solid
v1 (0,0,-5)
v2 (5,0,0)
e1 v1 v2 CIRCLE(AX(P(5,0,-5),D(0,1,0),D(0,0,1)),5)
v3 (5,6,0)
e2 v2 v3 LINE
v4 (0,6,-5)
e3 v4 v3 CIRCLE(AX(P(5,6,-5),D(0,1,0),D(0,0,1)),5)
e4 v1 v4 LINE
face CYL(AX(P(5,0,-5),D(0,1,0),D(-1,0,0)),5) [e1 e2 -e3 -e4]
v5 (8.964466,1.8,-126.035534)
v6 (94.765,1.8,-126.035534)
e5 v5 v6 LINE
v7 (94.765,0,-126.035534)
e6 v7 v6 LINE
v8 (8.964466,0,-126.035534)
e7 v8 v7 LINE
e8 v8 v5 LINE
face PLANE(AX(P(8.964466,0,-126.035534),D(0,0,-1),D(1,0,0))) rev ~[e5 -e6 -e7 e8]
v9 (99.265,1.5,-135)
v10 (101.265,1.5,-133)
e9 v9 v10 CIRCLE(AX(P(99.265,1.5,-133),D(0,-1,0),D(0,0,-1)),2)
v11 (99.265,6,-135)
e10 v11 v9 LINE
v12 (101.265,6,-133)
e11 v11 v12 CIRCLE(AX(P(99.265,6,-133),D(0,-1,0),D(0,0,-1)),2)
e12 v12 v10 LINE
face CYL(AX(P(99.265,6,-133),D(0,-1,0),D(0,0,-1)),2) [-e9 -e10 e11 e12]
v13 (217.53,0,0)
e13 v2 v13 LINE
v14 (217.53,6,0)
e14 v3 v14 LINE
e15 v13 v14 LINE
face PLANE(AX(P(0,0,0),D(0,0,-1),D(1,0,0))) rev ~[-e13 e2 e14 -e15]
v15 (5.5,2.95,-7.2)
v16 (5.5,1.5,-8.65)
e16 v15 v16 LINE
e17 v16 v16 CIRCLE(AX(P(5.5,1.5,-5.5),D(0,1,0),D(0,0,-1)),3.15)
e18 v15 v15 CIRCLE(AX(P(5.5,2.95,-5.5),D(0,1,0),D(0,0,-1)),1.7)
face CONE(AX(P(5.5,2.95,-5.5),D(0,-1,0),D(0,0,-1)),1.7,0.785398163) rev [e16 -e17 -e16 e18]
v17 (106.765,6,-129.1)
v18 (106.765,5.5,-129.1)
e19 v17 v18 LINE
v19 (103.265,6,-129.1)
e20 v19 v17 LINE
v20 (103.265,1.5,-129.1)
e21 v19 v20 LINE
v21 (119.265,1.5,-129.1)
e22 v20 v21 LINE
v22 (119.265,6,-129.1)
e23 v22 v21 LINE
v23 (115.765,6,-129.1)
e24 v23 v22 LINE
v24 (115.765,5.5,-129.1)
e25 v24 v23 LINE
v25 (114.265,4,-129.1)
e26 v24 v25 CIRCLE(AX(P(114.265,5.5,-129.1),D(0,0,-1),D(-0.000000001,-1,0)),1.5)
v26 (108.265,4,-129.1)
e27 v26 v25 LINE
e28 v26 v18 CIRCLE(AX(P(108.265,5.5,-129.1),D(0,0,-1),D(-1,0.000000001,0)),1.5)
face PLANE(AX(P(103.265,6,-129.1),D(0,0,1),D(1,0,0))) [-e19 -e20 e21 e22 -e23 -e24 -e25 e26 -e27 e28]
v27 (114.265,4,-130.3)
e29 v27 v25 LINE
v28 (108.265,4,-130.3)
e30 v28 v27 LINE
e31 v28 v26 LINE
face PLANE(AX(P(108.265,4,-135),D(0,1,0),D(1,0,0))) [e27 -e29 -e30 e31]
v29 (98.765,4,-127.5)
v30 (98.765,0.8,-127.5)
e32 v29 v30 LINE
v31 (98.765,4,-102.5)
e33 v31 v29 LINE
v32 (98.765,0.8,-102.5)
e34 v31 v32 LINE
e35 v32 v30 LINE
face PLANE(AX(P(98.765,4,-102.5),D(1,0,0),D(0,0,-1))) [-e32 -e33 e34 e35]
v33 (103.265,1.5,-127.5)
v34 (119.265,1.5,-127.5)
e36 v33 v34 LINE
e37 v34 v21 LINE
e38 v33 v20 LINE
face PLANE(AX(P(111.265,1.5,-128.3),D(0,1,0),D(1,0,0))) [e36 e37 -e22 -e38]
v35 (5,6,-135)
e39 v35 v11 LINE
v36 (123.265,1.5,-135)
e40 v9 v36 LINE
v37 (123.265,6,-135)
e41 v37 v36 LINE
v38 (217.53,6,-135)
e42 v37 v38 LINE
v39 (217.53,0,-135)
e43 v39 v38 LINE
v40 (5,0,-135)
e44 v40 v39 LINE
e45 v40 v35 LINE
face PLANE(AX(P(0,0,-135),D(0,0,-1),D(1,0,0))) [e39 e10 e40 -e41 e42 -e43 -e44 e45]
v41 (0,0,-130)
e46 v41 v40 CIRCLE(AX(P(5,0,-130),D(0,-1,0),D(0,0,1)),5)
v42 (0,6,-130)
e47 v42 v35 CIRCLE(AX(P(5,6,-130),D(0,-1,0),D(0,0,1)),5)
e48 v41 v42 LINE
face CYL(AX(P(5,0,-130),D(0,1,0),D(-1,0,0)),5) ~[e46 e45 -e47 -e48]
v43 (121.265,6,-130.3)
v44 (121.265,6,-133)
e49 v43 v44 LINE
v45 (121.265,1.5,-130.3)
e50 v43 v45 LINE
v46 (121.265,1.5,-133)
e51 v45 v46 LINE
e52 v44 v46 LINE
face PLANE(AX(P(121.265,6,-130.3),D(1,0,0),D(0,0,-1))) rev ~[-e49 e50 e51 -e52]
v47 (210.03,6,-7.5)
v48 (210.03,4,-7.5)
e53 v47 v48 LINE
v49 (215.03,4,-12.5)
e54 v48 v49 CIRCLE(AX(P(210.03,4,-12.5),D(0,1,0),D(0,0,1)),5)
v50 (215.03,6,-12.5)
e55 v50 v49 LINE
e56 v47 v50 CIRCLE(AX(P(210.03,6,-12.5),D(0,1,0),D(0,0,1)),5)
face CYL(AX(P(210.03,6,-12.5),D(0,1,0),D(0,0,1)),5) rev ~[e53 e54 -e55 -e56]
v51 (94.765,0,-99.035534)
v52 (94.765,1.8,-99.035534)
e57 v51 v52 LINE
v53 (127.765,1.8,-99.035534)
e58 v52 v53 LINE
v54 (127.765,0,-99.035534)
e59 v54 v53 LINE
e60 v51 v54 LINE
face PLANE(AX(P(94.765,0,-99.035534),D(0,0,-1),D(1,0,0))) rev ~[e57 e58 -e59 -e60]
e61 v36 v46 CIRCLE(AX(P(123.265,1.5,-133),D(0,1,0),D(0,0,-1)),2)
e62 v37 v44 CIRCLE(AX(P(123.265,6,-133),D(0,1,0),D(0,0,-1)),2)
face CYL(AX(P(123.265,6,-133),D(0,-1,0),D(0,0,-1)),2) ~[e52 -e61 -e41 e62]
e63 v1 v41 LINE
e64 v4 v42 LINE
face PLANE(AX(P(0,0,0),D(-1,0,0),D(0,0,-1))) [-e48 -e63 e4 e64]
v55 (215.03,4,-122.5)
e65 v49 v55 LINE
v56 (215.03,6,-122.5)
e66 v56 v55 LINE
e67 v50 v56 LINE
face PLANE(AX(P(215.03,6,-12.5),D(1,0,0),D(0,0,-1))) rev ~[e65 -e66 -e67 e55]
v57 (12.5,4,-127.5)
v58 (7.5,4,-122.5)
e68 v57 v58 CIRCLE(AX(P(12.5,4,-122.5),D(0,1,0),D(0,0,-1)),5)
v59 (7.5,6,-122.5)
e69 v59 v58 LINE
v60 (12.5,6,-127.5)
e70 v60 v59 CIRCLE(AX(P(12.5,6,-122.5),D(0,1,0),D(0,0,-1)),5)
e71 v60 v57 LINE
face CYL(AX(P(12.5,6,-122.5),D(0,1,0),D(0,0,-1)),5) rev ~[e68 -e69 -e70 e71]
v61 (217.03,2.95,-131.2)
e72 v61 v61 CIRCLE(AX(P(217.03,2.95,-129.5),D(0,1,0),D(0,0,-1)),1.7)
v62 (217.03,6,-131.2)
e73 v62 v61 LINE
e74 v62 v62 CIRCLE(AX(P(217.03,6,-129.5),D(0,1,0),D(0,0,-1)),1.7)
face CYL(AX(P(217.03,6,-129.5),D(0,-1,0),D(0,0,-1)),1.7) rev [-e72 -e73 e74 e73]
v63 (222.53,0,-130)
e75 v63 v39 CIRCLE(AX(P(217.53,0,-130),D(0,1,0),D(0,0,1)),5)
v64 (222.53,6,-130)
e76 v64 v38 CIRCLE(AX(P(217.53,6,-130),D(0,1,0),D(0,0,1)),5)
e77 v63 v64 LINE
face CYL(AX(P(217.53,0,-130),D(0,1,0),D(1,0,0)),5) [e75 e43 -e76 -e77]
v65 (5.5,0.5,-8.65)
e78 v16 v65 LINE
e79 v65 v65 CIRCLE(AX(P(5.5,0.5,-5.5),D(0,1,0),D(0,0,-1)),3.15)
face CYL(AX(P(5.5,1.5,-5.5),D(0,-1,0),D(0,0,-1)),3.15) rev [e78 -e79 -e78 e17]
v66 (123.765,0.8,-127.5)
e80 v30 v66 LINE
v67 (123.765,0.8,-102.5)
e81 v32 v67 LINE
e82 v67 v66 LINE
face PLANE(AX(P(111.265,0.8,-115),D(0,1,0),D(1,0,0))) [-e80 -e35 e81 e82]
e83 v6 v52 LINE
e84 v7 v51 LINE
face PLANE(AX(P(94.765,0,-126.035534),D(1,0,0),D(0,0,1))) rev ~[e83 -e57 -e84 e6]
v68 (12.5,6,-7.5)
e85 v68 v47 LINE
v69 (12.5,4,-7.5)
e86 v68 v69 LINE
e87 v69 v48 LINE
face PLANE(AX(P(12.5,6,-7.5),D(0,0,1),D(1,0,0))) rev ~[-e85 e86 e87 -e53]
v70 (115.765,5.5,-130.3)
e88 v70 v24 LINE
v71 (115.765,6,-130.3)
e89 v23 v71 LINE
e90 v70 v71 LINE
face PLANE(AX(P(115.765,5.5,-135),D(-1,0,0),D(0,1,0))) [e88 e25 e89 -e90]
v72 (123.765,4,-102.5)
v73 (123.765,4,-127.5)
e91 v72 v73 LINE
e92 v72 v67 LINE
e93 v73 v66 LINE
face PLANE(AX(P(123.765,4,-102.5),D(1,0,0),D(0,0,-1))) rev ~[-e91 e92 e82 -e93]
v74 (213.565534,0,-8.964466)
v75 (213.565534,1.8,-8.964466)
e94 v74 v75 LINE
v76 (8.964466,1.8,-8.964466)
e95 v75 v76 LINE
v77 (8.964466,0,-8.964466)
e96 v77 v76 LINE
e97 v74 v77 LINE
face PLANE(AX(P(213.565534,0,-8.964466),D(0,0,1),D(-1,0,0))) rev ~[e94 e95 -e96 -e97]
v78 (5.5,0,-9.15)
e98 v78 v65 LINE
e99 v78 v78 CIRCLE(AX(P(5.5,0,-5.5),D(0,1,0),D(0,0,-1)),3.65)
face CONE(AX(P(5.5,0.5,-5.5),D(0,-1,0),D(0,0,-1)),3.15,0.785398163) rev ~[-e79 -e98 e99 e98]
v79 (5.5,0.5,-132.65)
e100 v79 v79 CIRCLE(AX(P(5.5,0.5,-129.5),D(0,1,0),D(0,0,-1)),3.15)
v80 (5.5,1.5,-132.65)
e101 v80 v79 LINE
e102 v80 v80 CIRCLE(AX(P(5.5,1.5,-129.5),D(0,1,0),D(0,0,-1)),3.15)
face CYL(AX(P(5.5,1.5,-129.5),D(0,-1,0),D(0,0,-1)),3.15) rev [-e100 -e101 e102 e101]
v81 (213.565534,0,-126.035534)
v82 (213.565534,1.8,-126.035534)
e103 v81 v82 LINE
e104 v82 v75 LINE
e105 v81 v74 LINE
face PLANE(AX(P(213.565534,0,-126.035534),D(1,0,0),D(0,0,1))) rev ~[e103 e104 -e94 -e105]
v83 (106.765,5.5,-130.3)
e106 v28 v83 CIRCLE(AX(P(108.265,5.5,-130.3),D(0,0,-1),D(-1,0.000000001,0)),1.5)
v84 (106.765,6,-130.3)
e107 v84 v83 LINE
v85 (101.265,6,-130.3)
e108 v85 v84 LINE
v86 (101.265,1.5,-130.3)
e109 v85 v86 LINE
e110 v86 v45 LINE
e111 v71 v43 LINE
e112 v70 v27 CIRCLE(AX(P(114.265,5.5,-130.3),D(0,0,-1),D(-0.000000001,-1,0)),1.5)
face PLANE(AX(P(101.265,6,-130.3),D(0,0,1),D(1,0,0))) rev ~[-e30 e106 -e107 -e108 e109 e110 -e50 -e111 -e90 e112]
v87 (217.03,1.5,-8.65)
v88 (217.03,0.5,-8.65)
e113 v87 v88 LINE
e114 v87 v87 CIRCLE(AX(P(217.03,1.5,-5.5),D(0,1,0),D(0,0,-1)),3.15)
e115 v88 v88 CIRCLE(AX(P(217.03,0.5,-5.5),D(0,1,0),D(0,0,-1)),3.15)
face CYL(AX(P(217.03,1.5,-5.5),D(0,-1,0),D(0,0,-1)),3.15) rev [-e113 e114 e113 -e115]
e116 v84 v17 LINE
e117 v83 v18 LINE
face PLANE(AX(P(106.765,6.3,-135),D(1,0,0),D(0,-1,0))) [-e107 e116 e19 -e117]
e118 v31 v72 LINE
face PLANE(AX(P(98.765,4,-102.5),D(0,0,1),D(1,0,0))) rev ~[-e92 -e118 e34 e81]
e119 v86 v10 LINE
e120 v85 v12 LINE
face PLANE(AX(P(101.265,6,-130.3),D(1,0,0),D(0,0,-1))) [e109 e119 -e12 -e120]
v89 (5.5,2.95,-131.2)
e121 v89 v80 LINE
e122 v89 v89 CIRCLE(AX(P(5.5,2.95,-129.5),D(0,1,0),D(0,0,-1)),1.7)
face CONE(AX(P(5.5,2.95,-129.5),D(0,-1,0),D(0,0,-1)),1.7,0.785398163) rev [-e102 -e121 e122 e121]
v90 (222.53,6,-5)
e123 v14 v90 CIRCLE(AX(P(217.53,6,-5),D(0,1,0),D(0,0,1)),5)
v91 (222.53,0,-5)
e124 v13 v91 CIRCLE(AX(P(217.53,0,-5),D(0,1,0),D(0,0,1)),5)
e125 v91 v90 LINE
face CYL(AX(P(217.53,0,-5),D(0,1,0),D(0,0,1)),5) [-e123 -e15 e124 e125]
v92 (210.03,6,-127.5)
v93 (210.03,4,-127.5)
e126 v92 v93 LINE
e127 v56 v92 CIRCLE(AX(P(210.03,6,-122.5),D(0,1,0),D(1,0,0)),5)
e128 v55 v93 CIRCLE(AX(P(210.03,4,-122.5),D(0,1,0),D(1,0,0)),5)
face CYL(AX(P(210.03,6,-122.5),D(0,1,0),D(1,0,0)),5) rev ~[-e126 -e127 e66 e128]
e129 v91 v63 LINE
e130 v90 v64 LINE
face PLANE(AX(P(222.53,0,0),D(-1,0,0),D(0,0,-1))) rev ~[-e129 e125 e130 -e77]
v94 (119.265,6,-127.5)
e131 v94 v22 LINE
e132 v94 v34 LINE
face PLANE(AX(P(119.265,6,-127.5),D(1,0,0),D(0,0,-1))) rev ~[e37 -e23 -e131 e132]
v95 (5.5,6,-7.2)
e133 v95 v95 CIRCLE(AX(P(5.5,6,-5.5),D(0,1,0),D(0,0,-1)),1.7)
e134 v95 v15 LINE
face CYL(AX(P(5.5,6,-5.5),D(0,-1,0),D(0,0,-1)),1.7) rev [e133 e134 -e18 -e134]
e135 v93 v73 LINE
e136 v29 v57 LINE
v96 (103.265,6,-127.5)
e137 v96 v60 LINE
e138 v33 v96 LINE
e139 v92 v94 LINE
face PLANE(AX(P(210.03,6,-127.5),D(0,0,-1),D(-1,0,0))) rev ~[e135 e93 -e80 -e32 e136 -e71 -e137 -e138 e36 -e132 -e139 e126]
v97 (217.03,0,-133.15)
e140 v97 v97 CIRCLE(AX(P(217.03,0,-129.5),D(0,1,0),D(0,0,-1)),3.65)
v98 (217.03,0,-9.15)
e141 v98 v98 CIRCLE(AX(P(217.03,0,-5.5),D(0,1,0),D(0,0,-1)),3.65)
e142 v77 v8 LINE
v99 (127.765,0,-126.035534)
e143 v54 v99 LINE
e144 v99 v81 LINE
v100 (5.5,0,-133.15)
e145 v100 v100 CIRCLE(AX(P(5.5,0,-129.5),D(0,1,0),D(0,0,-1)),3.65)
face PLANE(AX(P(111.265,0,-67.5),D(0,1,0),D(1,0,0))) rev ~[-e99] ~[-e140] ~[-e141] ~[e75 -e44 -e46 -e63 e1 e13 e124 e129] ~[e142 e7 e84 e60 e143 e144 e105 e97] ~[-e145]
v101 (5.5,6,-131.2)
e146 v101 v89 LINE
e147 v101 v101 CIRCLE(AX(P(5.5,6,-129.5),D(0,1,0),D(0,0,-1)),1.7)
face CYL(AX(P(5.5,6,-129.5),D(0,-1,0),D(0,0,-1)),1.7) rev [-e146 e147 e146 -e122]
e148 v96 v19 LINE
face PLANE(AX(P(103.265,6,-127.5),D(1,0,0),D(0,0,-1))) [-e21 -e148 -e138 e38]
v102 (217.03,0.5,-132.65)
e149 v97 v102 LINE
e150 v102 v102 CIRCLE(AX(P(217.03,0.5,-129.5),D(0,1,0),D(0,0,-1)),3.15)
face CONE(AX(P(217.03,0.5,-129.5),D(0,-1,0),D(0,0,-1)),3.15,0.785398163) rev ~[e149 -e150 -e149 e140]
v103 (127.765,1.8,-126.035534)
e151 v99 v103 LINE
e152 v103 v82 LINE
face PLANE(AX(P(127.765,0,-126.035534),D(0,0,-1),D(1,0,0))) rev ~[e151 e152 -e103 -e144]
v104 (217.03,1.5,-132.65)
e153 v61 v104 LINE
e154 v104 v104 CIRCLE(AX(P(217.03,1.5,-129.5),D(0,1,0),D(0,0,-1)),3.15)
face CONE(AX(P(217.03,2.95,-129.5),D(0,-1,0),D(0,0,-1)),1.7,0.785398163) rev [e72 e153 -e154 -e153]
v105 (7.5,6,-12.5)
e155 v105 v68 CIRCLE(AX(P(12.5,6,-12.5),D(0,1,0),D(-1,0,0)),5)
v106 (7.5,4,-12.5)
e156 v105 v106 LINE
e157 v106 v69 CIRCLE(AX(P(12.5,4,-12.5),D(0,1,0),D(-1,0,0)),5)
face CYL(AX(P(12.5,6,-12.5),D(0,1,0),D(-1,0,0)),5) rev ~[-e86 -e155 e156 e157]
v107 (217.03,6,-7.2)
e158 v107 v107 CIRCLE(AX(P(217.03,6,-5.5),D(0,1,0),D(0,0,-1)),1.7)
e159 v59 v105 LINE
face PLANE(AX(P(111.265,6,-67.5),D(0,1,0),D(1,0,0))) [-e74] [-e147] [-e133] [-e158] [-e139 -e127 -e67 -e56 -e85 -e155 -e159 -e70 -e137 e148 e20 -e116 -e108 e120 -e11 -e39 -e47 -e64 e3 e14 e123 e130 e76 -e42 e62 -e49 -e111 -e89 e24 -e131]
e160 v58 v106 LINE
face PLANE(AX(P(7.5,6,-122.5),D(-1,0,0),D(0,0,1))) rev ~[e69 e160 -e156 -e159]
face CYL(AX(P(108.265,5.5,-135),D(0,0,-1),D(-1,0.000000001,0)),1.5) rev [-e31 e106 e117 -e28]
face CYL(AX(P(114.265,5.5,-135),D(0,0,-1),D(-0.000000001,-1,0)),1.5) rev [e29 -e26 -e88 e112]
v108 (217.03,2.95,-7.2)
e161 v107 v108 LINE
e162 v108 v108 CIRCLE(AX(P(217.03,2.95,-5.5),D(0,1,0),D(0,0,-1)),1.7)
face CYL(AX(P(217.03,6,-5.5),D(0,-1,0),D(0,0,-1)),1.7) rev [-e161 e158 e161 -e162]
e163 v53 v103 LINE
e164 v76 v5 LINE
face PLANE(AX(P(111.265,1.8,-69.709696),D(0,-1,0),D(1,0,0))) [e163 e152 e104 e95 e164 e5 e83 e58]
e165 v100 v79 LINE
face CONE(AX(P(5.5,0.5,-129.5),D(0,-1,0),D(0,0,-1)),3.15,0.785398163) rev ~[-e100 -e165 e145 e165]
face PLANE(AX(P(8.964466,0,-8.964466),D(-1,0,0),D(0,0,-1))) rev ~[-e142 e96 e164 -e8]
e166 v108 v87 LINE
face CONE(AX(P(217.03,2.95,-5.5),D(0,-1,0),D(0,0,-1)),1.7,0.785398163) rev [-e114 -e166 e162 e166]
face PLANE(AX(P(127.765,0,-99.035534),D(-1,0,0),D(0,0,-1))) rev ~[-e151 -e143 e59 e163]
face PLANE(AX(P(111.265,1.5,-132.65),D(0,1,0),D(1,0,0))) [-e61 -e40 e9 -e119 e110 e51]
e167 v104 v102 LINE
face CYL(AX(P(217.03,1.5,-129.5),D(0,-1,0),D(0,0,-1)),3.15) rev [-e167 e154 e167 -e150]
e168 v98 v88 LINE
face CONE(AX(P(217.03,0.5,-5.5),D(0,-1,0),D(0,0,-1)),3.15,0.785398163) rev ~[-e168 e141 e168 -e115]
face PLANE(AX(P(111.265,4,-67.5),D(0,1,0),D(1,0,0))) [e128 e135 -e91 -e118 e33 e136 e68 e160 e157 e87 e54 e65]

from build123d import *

# Parameters (mm, degrees)
SKETCH1_W                                      = 222.53
SKETCH1_H                                      = 135
BOSS_EXTRUDE1_DEPTH                            = 6
FILLET1_R                                      = 5
CSK_FOR_M3_FLAT_HEAD_MACHINE_SCREW1_AT_2_COUNT = 2
CSK_FOR_M3_FLAT_HEAD_MACHINE_SCREW1_AT_2_PITCH = 211.53
CSK_FOR_M3_FLAT_HEAD_MACHINE_SCREW1_AT_3_COUNT = 2
CSK_FOR_M3_FLAT_HEAD_MACHINE_SCREW1_AT_3_PITCH = 245.195719579
CSK_FOR_M3_FLAT_HEAD_MACHINE_SCREW1_AT_4_COUNT = 2
CSK_FOR_M3_FLAT_HEAD_MACHINE_SCREW1_AT_4_PITCH = 124
CHAMFER1_SIZE                                  = 0.5
PCB_CUTOUT_DEPTH                               = 2
SKETCH8_W                                      = 20
SKETCH8_H                                      = 4.7
SKETCH8_W_2                                    = 16
SKETCH8_H_2                                    = 1.6
CABLE_RELIEF_DEPTH                             = 4.5
SKETCH9_W                                      = 25
SKETCH9_H                                      = 25
PI_CUTOUT_DEPTH                                = 3.2
USB_C_CUTOUT_REACH                             = 137
MOUSE_PAD_CUTOUT_DEPTH                         = 1.8
FILLET2_R                                      = 2


with BuildPart() as part:
    # Sketch1 → Boss-Extrude1 (new body)
    with BuildSketch(Plane(origin=(0, 0, 0), x_dir=(1, 0, 0), z_dir=(0, 1, 0))):
        with Locations((111.265, 67.5)):
            Rectangle(SKETCH1_W, SKETCH1_H)
    extrude(amount=BOSS_EXTRUDE1_DEPTH)

    # Fillet1
    fillet1_edges = [part.edges().sort_by_distance(p)[0] for p in [
        (0, 3, -135),
        (222.53, 3, -135),
        (222.53, 3, 0),
        (0, 3, 0),
    ]]
    fillet(fillet1_edges, radius=FILLET1_R)

    # Sketch4 → CSK for M3 Flat Head Machine Screw1 (revolve, cut)
    with BuildSketch(Plane(origin=(5.5, 0, -129.5), x_dir=(0, 0, -1), z_dir=(1, 0, 0))):
        Polygon((0, 0), (0, 6), (1.7, 6), (1.7, 2.95), (3.15, 1.5), (3.15, 0), align=None)
    csk_for_m3_flat_head_machine_screw1 = revolve(axis=Axis((5.5, -6.35, -129.5), (0, 1, 0)), mode=Mode.SUBTRACT)

    # CSK for M3 Flat Head Machine Screw1 at 2: CSK for M3 Flat Head Machine Screw1 ×2
    with Locations(*[(i * CSK_FOR_M3_FLAT_HEAD_MACHINE_SCREW1_AT_2_PITCH, 0, 0) for i in range(1, CSK_FOR_M3_FLAT_HEAD_MACHINE_SCREW1_AT_2_COUNT)]):
        add(csk_for_m3_flat_head_machine_screw1, mode=Mode.SUBTRACT)

    # CSK for M3 Flat Head Machine Screw1 at 3: CSK for M3 Flat Head Machine Screw1 ×2
    with Locations(*[Vector(0.862698584, 0, 0.505718453) * (i * CSK_FOR_M3_FLAT_HEAD_MACHINE_SCREW1_AT_3_PITCH) for i in range(1, CSK_FOR_M3_FLAT_HEAD_MACHINE_SCREW1_AT_3_COUNT)]):
        add(csk_for_m3_flat_head_machine_screw1, mode=Mode.SUBTRACT)

    # CSK for M3 Flat Head Machine Screw1 at 4: CSK for M3 Flat Head Machine Screw1 ×2
    with Locations(*[(0, 0, i * CSK_FOR_M3_FLAT_HEAD_MACHINE_SCREW1_AT_4_PITCH) for i in range(1, CSK_FOR_M3_FLAT_HEAD_MACHINE_SCREW1_AT_4_COUNT)]):
        add(csk_for_m3_flat_head_machine_screw1, mode=Mode.SUBTRACT)

    # Chamfer1
    chamfer1_edges = [part.edges().sort_by_distance(p)[0] for p in [
        (5.5, 0, -2.35),
        (217.03, 0, -2.35),
        (217.03, 0, -126.35),
        (5.5, 0, -126.35),
    ]]
    chamfer(chamfer1_edges, length=CHAMFER1_SIZE)

    # Sketch6 → PCB Cutout (cut)
    with BuildSketch(Plane(origin=(0, 6, 0), x_dir=(1, 0, 0), z_dir=(0, 1, 0))):
        with BuildLine():
            Line((12.5, 7.5), (210.03, 7.5))
            ThreePointArc((210.03, 7.5), (213.565533906, 8.964466094), (215.03, 12.5))
            Line((215.03, 12.5), (215.03, 122.5))
            ThreePointArc((215.03, 122.5), (213.565533906, 126.035533906), (210.03, 127.5))
            Line((210.03, 127.5), (12.5, 127.5))
            ThreePointArc((12.5, 127.5), (8.964466094, 126.035533906), (7.5, 122.5))
            Line((7.5, 122.5), (7.5, 12.5))
            ThreePointArc((7.5, 12.5), (8.964466094, 8.964466094), (12.5, 7.5))
        make_face()
    extrude(amount=-PCB_CUTOUT_DEPTH, mode=Mode.SUBTRACT)

    # Sketch8 → Cable Relief (cut)
    with BuildSketch(Plane(origin=(0, 6, 0), x_dir=(1, 0, 0), z_dir=(0, 1, 0))):
        with Locations((111.265, 132.65)):
            Rectangle(SKETCH8_W, SKETCH8_H)
        with Locations((111.265, 128.3)):
            Rectangle(SKETCH8_W_2, SKETCH8_H_2)
    extrude(amount=-CABLE_RELIEF_DEPTH, mode=Mode.SUBTRACT)

    # Sketch9 → Pi Cutout (cut)
    with BuildSketch(Plane(origin=(0, 4, 0), x_dir=(1, 0, 0), z_dir=(0, 1, 0))):
        with Locations((111.265, 115)):
            Rectangle(SKETCH9_W, SKETCH9_H)
    extrude(amount=-PI_CUTOUT_DEPTH, mode=Mode.SUBTRACT)

    # Sketch7 → USB C Cutout (cut, up to next)
    with BuildSketch(Plane(origin=(0, 0, -135), x_dir=(-1, 0, 0), z_dir=(0, 0, -1)), mode=Mode.PRIVATE) as usb_c_cutout_sk1:
        with BuildLine():
            Line((-114.265, 7.8), (-108.265, 7.8))
            ThreePointArc((-108.265, 7.8), (-107.204339828, 7.360660172), (-106.765, 6.3))
            Line((-106.765, 6.3), (-106.765, 5.5))
            ThreePointArc((-106.765, 5.5), (-107.204339828, 4.439339828), (-108.265, 4))
            Line((-108.265, 4), (-114.265, 4))
            ThreePointArc((-114.265, 4), (-115.325660172, 4.439339828), (-115.765, 5.5))
            Line((-115.765, 5.5), (-115.765, 6.3))
            ThreePointArc((-115.765, 6.3), (-115.325660172, 7.360660172), (-114.265, 7.8))
        make_face()
    usb_c_cutout_tool1 = extrude(usb_c_cutout_sk1.sketch, amount=-USB_C_CUTOUT_REACH, mode=Mode.PRIVATE) & part.part
    add(usb_c_cutout_tool1.solids().sort_by_distance((111.265, 5.9, -135))[0], mode=Mode.SUBTRACT)

    # Sketch5 → Mouse Pad Cutout (cut)
    with BuildSketch(Plane.XZ):
        Polygon((127.765, -126.035533906), (213.565533906, -126.035533906), (213.565533906, -8.964466094), (8.964466094, -8.964466094), (8.964466094, -126.035533906), (94.765, -126.035533906), (94.765, -99.035533906), (127.765, -99.035533906), align=None)
    extrude(amount=-MOUSE_PAD_CUTOUT_DEPTH, mode=Mode.SUBTRACT)

    # Fillet2
    fillet2_edges = [part.edges().sort_by_distance(p)[0] for p in [
        (101.265, 3.75, -135),
        (121.265, 3.75, -135),
    ]]
    fillet(fillet2_edges, radius=FILLET2_R)


solid = part.part
